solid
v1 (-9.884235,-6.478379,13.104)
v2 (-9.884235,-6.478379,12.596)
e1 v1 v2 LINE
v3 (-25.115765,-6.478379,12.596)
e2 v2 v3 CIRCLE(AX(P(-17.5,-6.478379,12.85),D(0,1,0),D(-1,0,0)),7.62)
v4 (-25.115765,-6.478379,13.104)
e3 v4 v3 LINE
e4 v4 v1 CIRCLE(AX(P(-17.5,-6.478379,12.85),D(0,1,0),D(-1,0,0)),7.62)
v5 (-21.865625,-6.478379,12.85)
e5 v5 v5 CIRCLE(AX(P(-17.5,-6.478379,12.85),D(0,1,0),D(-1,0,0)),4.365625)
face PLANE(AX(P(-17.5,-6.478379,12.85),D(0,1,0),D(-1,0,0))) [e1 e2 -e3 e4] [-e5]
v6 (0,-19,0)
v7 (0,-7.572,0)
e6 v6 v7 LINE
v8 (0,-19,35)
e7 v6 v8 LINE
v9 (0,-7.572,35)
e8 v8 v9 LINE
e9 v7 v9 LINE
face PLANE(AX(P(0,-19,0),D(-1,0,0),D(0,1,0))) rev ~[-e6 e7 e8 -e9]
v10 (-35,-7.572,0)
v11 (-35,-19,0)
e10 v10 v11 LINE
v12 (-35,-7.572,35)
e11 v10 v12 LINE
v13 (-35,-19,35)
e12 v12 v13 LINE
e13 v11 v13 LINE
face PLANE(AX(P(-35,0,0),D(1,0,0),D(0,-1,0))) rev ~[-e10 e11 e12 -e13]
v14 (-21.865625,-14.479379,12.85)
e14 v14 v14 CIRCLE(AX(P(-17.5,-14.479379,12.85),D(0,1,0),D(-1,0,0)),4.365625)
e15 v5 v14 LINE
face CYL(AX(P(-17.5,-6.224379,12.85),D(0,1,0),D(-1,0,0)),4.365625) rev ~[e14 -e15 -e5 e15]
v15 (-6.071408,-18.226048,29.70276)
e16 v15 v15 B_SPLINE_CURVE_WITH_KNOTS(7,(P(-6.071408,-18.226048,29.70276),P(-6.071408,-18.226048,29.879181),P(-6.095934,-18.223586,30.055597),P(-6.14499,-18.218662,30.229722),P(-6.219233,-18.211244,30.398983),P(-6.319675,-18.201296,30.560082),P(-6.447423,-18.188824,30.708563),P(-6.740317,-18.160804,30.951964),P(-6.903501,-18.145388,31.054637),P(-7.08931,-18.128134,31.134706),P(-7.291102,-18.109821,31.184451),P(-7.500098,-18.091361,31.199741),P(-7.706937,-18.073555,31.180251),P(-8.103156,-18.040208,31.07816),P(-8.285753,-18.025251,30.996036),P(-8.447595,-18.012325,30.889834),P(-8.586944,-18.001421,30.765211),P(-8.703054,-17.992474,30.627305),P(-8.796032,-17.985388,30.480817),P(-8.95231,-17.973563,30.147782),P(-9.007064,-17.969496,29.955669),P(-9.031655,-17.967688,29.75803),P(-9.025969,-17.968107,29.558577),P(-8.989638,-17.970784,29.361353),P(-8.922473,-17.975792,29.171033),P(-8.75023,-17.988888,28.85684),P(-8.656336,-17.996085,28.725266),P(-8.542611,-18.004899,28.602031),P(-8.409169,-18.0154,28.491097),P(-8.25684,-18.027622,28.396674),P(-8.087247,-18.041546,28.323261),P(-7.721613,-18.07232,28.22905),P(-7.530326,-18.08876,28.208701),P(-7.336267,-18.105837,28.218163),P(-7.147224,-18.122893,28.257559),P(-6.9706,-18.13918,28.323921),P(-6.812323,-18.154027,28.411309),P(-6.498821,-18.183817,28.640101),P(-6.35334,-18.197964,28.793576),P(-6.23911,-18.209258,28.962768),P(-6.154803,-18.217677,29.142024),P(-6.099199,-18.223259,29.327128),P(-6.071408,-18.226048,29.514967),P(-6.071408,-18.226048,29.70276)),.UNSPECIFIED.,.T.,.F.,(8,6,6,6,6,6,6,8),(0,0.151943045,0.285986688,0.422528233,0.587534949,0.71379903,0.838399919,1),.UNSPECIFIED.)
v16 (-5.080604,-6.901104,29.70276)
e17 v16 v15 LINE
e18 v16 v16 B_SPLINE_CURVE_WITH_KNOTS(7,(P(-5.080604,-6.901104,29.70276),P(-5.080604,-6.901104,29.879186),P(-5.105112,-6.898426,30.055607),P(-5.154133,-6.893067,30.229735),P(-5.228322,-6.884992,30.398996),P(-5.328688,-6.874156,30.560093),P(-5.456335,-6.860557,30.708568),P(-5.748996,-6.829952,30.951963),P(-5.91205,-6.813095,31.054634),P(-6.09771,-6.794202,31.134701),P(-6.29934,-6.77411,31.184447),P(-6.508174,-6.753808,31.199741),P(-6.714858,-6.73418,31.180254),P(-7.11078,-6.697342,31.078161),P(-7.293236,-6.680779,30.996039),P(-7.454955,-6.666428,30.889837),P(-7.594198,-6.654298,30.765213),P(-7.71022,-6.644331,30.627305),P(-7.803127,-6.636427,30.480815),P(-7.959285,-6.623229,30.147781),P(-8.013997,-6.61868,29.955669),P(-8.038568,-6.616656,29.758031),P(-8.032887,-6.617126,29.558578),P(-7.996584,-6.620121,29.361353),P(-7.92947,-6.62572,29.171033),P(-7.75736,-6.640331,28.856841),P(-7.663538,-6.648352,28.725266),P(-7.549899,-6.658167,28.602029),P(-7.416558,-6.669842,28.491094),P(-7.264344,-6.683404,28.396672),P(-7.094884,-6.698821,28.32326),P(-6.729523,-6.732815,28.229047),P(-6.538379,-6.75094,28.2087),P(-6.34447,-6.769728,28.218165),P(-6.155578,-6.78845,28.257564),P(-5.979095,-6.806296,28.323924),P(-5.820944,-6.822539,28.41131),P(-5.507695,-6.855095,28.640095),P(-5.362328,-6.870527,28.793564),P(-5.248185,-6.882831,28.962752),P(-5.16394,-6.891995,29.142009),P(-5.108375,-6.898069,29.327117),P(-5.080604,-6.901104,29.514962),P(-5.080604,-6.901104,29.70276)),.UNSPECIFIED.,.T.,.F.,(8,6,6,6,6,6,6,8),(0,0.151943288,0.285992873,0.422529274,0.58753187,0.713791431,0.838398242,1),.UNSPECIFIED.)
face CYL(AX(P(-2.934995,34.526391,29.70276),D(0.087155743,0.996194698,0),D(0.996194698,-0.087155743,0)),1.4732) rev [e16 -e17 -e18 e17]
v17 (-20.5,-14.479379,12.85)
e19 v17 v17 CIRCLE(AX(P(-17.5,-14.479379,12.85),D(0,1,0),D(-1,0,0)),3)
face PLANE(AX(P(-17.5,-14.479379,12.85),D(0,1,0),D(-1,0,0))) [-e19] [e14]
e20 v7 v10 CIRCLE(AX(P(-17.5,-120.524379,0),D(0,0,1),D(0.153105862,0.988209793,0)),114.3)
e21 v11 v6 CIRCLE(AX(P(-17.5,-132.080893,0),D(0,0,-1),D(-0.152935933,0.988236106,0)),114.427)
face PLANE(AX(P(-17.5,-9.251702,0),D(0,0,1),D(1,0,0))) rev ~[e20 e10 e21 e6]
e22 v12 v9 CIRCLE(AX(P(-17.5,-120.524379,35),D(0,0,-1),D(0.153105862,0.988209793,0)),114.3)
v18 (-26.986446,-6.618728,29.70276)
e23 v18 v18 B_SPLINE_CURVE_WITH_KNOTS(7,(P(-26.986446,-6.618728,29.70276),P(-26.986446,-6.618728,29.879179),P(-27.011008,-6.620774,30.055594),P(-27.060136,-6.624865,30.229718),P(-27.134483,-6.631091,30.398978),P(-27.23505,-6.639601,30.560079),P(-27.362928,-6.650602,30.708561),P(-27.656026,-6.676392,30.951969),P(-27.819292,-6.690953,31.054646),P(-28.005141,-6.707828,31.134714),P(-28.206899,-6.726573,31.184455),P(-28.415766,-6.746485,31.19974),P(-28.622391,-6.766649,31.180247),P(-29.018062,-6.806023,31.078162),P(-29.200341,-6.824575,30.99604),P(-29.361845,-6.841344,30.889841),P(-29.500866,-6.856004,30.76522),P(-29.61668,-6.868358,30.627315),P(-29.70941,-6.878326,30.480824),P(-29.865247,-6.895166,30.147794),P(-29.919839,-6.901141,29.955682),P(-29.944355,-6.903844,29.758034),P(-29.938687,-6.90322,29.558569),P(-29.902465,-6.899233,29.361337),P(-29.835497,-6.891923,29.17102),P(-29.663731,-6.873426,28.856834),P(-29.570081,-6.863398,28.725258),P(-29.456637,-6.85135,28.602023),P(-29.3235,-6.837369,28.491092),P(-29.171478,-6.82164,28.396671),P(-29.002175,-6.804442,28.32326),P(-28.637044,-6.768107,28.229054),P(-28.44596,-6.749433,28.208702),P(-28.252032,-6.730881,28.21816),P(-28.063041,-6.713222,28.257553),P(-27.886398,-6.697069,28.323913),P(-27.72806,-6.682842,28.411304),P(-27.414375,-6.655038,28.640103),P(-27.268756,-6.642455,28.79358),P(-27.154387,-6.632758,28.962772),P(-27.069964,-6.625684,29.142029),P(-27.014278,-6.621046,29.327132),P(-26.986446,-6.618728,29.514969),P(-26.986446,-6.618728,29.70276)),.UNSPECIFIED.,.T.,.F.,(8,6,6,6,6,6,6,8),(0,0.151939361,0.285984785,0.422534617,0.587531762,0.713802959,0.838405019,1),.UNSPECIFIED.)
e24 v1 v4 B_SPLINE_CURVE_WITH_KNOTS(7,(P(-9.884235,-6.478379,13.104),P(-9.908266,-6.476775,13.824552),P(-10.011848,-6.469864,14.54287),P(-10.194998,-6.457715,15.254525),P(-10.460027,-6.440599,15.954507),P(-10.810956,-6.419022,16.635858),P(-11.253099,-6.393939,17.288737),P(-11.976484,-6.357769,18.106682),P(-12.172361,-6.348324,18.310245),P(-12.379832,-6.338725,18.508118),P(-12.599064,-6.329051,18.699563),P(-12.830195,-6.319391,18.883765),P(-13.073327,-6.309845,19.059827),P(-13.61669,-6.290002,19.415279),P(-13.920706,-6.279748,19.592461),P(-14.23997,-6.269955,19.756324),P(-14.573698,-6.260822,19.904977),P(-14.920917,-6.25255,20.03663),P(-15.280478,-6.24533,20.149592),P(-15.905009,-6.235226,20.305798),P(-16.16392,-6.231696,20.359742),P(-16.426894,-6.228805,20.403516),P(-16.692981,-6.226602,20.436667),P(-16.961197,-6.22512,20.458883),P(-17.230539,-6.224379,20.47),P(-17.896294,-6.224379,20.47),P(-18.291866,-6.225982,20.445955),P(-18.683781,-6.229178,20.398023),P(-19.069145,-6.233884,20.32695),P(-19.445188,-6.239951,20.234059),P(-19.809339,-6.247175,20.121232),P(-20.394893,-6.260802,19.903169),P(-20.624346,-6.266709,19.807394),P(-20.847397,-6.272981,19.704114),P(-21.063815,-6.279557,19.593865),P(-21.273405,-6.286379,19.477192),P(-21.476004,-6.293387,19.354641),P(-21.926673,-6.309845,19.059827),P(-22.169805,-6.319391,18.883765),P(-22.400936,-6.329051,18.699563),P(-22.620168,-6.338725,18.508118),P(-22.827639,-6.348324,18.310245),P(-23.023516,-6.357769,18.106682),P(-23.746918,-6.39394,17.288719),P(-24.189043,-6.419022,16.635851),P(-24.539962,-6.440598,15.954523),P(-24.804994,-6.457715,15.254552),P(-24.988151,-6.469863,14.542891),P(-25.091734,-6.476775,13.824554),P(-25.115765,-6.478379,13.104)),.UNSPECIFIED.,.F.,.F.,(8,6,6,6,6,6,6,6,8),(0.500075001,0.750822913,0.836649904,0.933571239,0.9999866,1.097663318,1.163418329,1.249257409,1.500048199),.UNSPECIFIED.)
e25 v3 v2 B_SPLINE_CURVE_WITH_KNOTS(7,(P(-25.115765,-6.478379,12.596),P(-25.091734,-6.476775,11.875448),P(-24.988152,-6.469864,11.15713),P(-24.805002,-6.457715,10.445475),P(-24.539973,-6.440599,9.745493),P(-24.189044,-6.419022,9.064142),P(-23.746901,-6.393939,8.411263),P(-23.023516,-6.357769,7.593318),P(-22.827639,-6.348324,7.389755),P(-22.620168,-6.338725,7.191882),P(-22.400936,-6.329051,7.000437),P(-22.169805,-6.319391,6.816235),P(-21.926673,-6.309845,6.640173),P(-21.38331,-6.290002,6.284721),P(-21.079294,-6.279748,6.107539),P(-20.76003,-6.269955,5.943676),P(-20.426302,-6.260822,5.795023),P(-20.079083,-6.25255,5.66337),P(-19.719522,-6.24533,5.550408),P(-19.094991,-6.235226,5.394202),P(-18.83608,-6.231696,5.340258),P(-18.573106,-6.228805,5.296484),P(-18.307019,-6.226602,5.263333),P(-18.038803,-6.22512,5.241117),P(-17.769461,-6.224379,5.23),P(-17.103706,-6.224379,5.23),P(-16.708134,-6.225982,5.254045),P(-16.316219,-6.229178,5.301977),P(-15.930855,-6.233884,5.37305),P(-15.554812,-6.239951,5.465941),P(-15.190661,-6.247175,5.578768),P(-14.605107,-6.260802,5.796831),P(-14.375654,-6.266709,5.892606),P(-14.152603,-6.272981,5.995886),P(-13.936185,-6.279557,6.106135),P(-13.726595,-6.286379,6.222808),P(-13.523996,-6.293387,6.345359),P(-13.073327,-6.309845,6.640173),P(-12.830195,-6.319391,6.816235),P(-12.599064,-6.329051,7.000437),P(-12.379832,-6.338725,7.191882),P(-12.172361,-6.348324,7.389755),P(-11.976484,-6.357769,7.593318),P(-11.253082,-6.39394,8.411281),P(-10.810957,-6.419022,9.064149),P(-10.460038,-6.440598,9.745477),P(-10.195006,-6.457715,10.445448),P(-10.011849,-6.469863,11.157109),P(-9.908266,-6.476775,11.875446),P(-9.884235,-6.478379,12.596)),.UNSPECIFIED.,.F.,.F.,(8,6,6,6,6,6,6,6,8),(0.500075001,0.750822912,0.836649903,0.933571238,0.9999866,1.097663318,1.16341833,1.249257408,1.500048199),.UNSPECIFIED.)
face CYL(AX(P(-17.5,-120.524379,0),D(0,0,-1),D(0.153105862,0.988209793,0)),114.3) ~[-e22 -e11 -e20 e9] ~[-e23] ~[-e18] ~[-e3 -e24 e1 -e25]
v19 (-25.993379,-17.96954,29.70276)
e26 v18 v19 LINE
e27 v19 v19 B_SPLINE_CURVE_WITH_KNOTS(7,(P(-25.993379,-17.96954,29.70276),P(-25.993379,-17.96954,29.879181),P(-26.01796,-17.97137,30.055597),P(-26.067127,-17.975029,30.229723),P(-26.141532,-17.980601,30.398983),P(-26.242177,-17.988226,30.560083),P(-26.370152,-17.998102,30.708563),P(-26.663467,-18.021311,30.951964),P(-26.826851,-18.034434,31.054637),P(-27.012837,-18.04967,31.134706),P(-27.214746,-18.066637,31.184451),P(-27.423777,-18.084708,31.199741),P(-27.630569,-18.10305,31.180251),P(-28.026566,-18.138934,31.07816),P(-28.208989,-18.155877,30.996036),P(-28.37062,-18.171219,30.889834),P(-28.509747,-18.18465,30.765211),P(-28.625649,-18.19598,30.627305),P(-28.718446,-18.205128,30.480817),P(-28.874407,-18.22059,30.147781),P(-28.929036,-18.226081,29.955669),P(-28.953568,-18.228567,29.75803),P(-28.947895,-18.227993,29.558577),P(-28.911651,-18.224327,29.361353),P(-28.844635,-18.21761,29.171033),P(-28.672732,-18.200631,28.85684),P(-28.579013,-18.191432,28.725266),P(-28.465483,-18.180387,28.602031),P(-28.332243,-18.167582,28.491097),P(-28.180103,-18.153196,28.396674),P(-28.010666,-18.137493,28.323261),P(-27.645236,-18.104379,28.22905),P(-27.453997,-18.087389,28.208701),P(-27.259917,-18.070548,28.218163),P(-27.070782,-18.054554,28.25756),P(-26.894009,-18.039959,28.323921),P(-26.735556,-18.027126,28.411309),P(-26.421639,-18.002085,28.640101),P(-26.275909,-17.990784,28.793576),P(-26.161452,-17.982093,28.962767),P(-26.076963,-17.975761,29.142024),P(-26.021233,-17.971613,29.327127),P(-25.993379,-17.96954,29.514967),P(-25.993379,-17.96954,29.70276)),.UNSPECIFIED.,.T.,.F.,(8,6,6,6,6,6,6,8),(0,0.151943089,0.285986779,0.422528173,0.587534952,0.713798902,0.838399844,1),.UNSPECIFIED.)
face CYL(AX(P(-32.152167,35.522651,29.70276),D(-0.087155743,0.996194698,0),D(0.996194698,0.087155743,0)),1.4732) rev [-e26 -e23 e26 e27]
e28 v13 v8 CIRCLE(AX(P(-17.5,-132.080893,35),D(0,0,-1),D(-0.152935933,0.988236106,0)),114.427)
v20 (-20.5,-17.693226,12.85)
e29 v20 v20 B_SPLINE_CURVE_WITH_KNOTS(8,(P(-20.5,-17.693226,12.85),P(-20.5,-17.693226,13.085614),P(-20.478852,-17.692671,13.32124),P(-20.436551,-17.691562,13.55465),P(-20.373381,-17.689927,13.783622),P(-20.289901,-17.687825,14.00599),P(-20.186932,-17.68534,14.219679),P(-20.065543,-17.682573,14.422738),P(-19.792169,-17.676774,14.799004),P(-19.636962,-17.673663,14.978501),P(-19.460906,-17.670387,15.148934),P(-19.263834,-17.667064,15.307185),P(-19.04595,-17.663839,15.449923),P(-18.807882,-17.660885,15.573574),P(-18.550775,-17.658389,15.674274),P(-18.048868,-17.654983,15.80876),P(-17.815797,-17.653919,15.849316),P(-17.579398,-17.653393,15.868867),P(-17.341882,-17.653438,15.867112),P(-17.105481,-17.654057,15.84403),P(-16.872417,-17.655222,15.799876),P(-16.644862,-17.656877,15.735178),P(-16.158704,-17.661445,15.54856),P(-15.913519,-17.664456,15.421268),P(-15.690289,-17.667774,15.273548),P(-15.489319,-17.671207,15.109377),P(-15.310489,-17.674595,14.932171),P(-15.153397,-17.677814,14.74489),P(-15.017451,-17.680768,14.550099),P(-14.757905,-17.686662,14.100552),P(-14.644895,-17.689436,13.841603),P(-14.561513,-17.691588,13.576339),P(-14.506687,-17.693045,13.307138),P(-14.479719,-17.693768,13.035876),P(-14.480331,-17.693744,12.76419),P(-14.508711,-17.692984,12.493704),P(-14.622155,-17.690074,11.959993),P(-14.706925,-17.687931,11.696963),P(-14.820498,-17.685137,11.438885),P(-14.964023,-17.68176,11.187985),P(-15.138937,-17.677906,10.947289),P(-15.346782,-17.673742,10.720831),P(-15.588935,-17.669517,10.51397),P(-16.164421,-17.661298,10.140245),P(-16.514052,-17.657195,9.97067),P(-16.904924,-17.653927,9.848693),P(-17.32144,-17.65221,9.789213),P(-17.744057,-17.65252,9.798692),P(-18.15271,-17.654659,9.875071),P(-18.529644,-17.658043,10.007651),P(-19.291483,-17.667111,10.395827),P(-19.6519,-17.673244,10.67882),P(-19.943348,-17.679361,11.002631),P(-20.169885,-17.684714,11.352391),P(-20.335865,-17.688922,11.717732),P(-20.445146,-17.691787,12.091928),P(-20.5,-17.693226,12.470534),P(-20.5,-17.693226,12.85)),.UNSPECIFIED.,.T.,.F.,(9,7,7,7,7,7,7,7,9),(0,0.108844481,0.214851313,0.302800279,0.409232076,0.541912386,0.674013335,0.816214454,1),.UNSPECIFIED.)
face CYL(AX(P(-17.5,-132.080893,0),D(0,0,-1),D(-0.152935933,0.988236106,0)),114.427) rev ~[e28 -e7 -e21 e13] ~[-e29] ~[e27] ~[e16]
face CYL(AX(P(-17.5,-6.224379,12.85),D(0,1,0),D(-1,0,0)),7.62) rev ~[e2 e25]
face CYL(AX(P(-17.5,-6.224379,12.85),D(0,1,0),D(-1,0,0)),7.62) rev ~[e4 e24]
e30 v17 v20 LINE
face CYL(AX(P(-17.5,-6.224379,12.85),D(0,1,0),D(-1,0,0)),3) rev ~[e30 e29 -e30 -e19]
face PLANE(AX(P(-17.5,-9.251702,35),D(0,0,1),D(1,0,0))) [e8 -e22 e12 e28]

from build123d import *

# Parameters (mm, degrees)
BOSS_EXTRUDE1_DEPTH     = 35
CUT_EXTRUDE4_DEPTH      = 52.815716631
CUT_EXTRUDE4_DEPTH_BACK = 52.815716631
SKETCH6_R               = 1.4732
CUT_EXTRUDE5_DEPTH      = 53.815781867
CUT_EXTRUDE5_DEPTH_BACK = 53.815781867
SKETCH7_R               = 1.4732
CUT_EXTRUDE6_DEPTH      = 54.018864735
SKETCH9_R               = 3
CUT_EXTRUDE7_DEPTH      = 42.163897972
SKETCH9_3_R             = 4.365625
SKETCH9_3_R_2           = 3
CUT_EXTRUDE8_DEPTH      = 8.255
SKETCH9_4_R             = 7.62
SKETCH9_4_R_2           = 4.365625
CUT_EXTRUDE9_DEPTH      = 0.254


with BuildPart() as part:
    # Sketch1 → Boss-Extrude1 (new body)
    with BuildSketch(Plane.XY):
        with BuildLine():
            Line((0, -19), (0, 0))
            Line((0, 0), (-35, 0))
            Line((-35, 0), (-35, -19))
            ThreePointArc((-35, -19), (-17.5, -17.653892856), (0, -19))
        make_face()
    extrude(amount=BOSS_EXTRUDE1_DEPTH)

    # Sketch6 → Cut-Extrude4 (cut, two sides: drawn at the far end of the back side and taken through both)
    with BuildSketch(Plane(origin=(-1.62776516, -18.605440918, 0), x_dir=(0.9961946980917455, -0.08715574274765824, 0), z_dir=(-0.08715574274765824, -0.9961946980917455, 0)).offset(-CUT_EXTRUDE4_DEPTH_BACK)):
        with Locations((-5.932999587, 29.70276)):
            Circle(SKETCH6_R)
    extrude(amount=CUT_EXTRUDE4_DEPTH + CUT_EXTRUDE4_DEPTH_BACK, mode=Mode.SUBTRACT)

    # Sketch7 → Cut-Extrude5 (cut, two sides: drawn at the far end of the back side and taken through both)
    with BuildSketch(Plane(origin=(1.361900838, -15.566597809, 0), x_dir=(0.9961946980917455, 0.08715574274765851, 0), z_dir=(0.08715574274765851, -0.9961946980917455, 0)).offset(-CUT_EXTRUDE5_DEPTH_BACK)):
        with Locations((-28.933814846, 29.70276)):
            Circle(SKETCH7_R)
    extrude(amount=CUT_EXTRUDE5_DEPTH + CUT_EXTRUDE5_DEPTH_BACK, mode=Mode.SUBTRACT)

    # Sketch8 → Cut-Extrude6 (cut, through all)
    with BuildSketch(Plane(origin=(0, 0, 0), x_dir=(-1, 0, 0), z_dir=(0, 0, -1))):
        with BuildLine():
            ThreePointArc((0, -7.571999996), (17.5, -6.224379342), (35, -7.571999996))
            Line((35, -7.571999996), (35, 0))
            Line((35, 0), (0, 0))
            Line((0, 0), (0, -7.571999996))
        make_face()
    extrude(amount=-CUT_EXTRUDE6_DEPTH, mode=Mode.SUBTRACT)

    # Sketch9 → Cut-Extrude7 (cut, through all)
    with BuildSketch(Plane(origin=(-17.5, -6.224379342, 0), x_dir=(-1, 0, 0), z_dir=(0, 1, 0))):
        with Locations((0, 12.85)):
            Circle(SKETCH9_R)
    extrude(amount=-CUT_EXTRUDE7_DEPTH, mode=Mode.SUBTRACT)

    # Sketch9<3> → Cut-Extrude8 (cut)
    with BuildSketch(Plane(origin=(-17.5, -6.224379342, 0), x_dir=(-1, 0, 0), z_dir=(0, 1, 0))):
        with Locations((0, 12.85)):
            Circle(SKETCH9_3_R)
        with Locations((0, 12.85)):
            Circle(SKETCH9_3_R_2, mode=Mode.SUBTRACT)
    extrude(amount=-CUT_EXTRUDE8_DEPTH, mode=Mode.SUBTRACT)

    # Sketch9<4> → Cut-Extrude9 (cut)
    with BuildSketch(Plane(origin=(-17.5, -6.224379342, 0), x_dir=(-1, 0, 0), z_dir=(0, 1, 0))):
        with Locations((0, 12.85)):
            Circle(SKETCH9_4_R)
        with Locations((0, 12.85)):
            Circle(SKETCH9_4_R_2, mode=Mode.SUBTRACT)
    extrude(amount=-CUT_EXTRUDE9_DEPTH, mode=Mode.SUBTRACT)


solid = part.part
